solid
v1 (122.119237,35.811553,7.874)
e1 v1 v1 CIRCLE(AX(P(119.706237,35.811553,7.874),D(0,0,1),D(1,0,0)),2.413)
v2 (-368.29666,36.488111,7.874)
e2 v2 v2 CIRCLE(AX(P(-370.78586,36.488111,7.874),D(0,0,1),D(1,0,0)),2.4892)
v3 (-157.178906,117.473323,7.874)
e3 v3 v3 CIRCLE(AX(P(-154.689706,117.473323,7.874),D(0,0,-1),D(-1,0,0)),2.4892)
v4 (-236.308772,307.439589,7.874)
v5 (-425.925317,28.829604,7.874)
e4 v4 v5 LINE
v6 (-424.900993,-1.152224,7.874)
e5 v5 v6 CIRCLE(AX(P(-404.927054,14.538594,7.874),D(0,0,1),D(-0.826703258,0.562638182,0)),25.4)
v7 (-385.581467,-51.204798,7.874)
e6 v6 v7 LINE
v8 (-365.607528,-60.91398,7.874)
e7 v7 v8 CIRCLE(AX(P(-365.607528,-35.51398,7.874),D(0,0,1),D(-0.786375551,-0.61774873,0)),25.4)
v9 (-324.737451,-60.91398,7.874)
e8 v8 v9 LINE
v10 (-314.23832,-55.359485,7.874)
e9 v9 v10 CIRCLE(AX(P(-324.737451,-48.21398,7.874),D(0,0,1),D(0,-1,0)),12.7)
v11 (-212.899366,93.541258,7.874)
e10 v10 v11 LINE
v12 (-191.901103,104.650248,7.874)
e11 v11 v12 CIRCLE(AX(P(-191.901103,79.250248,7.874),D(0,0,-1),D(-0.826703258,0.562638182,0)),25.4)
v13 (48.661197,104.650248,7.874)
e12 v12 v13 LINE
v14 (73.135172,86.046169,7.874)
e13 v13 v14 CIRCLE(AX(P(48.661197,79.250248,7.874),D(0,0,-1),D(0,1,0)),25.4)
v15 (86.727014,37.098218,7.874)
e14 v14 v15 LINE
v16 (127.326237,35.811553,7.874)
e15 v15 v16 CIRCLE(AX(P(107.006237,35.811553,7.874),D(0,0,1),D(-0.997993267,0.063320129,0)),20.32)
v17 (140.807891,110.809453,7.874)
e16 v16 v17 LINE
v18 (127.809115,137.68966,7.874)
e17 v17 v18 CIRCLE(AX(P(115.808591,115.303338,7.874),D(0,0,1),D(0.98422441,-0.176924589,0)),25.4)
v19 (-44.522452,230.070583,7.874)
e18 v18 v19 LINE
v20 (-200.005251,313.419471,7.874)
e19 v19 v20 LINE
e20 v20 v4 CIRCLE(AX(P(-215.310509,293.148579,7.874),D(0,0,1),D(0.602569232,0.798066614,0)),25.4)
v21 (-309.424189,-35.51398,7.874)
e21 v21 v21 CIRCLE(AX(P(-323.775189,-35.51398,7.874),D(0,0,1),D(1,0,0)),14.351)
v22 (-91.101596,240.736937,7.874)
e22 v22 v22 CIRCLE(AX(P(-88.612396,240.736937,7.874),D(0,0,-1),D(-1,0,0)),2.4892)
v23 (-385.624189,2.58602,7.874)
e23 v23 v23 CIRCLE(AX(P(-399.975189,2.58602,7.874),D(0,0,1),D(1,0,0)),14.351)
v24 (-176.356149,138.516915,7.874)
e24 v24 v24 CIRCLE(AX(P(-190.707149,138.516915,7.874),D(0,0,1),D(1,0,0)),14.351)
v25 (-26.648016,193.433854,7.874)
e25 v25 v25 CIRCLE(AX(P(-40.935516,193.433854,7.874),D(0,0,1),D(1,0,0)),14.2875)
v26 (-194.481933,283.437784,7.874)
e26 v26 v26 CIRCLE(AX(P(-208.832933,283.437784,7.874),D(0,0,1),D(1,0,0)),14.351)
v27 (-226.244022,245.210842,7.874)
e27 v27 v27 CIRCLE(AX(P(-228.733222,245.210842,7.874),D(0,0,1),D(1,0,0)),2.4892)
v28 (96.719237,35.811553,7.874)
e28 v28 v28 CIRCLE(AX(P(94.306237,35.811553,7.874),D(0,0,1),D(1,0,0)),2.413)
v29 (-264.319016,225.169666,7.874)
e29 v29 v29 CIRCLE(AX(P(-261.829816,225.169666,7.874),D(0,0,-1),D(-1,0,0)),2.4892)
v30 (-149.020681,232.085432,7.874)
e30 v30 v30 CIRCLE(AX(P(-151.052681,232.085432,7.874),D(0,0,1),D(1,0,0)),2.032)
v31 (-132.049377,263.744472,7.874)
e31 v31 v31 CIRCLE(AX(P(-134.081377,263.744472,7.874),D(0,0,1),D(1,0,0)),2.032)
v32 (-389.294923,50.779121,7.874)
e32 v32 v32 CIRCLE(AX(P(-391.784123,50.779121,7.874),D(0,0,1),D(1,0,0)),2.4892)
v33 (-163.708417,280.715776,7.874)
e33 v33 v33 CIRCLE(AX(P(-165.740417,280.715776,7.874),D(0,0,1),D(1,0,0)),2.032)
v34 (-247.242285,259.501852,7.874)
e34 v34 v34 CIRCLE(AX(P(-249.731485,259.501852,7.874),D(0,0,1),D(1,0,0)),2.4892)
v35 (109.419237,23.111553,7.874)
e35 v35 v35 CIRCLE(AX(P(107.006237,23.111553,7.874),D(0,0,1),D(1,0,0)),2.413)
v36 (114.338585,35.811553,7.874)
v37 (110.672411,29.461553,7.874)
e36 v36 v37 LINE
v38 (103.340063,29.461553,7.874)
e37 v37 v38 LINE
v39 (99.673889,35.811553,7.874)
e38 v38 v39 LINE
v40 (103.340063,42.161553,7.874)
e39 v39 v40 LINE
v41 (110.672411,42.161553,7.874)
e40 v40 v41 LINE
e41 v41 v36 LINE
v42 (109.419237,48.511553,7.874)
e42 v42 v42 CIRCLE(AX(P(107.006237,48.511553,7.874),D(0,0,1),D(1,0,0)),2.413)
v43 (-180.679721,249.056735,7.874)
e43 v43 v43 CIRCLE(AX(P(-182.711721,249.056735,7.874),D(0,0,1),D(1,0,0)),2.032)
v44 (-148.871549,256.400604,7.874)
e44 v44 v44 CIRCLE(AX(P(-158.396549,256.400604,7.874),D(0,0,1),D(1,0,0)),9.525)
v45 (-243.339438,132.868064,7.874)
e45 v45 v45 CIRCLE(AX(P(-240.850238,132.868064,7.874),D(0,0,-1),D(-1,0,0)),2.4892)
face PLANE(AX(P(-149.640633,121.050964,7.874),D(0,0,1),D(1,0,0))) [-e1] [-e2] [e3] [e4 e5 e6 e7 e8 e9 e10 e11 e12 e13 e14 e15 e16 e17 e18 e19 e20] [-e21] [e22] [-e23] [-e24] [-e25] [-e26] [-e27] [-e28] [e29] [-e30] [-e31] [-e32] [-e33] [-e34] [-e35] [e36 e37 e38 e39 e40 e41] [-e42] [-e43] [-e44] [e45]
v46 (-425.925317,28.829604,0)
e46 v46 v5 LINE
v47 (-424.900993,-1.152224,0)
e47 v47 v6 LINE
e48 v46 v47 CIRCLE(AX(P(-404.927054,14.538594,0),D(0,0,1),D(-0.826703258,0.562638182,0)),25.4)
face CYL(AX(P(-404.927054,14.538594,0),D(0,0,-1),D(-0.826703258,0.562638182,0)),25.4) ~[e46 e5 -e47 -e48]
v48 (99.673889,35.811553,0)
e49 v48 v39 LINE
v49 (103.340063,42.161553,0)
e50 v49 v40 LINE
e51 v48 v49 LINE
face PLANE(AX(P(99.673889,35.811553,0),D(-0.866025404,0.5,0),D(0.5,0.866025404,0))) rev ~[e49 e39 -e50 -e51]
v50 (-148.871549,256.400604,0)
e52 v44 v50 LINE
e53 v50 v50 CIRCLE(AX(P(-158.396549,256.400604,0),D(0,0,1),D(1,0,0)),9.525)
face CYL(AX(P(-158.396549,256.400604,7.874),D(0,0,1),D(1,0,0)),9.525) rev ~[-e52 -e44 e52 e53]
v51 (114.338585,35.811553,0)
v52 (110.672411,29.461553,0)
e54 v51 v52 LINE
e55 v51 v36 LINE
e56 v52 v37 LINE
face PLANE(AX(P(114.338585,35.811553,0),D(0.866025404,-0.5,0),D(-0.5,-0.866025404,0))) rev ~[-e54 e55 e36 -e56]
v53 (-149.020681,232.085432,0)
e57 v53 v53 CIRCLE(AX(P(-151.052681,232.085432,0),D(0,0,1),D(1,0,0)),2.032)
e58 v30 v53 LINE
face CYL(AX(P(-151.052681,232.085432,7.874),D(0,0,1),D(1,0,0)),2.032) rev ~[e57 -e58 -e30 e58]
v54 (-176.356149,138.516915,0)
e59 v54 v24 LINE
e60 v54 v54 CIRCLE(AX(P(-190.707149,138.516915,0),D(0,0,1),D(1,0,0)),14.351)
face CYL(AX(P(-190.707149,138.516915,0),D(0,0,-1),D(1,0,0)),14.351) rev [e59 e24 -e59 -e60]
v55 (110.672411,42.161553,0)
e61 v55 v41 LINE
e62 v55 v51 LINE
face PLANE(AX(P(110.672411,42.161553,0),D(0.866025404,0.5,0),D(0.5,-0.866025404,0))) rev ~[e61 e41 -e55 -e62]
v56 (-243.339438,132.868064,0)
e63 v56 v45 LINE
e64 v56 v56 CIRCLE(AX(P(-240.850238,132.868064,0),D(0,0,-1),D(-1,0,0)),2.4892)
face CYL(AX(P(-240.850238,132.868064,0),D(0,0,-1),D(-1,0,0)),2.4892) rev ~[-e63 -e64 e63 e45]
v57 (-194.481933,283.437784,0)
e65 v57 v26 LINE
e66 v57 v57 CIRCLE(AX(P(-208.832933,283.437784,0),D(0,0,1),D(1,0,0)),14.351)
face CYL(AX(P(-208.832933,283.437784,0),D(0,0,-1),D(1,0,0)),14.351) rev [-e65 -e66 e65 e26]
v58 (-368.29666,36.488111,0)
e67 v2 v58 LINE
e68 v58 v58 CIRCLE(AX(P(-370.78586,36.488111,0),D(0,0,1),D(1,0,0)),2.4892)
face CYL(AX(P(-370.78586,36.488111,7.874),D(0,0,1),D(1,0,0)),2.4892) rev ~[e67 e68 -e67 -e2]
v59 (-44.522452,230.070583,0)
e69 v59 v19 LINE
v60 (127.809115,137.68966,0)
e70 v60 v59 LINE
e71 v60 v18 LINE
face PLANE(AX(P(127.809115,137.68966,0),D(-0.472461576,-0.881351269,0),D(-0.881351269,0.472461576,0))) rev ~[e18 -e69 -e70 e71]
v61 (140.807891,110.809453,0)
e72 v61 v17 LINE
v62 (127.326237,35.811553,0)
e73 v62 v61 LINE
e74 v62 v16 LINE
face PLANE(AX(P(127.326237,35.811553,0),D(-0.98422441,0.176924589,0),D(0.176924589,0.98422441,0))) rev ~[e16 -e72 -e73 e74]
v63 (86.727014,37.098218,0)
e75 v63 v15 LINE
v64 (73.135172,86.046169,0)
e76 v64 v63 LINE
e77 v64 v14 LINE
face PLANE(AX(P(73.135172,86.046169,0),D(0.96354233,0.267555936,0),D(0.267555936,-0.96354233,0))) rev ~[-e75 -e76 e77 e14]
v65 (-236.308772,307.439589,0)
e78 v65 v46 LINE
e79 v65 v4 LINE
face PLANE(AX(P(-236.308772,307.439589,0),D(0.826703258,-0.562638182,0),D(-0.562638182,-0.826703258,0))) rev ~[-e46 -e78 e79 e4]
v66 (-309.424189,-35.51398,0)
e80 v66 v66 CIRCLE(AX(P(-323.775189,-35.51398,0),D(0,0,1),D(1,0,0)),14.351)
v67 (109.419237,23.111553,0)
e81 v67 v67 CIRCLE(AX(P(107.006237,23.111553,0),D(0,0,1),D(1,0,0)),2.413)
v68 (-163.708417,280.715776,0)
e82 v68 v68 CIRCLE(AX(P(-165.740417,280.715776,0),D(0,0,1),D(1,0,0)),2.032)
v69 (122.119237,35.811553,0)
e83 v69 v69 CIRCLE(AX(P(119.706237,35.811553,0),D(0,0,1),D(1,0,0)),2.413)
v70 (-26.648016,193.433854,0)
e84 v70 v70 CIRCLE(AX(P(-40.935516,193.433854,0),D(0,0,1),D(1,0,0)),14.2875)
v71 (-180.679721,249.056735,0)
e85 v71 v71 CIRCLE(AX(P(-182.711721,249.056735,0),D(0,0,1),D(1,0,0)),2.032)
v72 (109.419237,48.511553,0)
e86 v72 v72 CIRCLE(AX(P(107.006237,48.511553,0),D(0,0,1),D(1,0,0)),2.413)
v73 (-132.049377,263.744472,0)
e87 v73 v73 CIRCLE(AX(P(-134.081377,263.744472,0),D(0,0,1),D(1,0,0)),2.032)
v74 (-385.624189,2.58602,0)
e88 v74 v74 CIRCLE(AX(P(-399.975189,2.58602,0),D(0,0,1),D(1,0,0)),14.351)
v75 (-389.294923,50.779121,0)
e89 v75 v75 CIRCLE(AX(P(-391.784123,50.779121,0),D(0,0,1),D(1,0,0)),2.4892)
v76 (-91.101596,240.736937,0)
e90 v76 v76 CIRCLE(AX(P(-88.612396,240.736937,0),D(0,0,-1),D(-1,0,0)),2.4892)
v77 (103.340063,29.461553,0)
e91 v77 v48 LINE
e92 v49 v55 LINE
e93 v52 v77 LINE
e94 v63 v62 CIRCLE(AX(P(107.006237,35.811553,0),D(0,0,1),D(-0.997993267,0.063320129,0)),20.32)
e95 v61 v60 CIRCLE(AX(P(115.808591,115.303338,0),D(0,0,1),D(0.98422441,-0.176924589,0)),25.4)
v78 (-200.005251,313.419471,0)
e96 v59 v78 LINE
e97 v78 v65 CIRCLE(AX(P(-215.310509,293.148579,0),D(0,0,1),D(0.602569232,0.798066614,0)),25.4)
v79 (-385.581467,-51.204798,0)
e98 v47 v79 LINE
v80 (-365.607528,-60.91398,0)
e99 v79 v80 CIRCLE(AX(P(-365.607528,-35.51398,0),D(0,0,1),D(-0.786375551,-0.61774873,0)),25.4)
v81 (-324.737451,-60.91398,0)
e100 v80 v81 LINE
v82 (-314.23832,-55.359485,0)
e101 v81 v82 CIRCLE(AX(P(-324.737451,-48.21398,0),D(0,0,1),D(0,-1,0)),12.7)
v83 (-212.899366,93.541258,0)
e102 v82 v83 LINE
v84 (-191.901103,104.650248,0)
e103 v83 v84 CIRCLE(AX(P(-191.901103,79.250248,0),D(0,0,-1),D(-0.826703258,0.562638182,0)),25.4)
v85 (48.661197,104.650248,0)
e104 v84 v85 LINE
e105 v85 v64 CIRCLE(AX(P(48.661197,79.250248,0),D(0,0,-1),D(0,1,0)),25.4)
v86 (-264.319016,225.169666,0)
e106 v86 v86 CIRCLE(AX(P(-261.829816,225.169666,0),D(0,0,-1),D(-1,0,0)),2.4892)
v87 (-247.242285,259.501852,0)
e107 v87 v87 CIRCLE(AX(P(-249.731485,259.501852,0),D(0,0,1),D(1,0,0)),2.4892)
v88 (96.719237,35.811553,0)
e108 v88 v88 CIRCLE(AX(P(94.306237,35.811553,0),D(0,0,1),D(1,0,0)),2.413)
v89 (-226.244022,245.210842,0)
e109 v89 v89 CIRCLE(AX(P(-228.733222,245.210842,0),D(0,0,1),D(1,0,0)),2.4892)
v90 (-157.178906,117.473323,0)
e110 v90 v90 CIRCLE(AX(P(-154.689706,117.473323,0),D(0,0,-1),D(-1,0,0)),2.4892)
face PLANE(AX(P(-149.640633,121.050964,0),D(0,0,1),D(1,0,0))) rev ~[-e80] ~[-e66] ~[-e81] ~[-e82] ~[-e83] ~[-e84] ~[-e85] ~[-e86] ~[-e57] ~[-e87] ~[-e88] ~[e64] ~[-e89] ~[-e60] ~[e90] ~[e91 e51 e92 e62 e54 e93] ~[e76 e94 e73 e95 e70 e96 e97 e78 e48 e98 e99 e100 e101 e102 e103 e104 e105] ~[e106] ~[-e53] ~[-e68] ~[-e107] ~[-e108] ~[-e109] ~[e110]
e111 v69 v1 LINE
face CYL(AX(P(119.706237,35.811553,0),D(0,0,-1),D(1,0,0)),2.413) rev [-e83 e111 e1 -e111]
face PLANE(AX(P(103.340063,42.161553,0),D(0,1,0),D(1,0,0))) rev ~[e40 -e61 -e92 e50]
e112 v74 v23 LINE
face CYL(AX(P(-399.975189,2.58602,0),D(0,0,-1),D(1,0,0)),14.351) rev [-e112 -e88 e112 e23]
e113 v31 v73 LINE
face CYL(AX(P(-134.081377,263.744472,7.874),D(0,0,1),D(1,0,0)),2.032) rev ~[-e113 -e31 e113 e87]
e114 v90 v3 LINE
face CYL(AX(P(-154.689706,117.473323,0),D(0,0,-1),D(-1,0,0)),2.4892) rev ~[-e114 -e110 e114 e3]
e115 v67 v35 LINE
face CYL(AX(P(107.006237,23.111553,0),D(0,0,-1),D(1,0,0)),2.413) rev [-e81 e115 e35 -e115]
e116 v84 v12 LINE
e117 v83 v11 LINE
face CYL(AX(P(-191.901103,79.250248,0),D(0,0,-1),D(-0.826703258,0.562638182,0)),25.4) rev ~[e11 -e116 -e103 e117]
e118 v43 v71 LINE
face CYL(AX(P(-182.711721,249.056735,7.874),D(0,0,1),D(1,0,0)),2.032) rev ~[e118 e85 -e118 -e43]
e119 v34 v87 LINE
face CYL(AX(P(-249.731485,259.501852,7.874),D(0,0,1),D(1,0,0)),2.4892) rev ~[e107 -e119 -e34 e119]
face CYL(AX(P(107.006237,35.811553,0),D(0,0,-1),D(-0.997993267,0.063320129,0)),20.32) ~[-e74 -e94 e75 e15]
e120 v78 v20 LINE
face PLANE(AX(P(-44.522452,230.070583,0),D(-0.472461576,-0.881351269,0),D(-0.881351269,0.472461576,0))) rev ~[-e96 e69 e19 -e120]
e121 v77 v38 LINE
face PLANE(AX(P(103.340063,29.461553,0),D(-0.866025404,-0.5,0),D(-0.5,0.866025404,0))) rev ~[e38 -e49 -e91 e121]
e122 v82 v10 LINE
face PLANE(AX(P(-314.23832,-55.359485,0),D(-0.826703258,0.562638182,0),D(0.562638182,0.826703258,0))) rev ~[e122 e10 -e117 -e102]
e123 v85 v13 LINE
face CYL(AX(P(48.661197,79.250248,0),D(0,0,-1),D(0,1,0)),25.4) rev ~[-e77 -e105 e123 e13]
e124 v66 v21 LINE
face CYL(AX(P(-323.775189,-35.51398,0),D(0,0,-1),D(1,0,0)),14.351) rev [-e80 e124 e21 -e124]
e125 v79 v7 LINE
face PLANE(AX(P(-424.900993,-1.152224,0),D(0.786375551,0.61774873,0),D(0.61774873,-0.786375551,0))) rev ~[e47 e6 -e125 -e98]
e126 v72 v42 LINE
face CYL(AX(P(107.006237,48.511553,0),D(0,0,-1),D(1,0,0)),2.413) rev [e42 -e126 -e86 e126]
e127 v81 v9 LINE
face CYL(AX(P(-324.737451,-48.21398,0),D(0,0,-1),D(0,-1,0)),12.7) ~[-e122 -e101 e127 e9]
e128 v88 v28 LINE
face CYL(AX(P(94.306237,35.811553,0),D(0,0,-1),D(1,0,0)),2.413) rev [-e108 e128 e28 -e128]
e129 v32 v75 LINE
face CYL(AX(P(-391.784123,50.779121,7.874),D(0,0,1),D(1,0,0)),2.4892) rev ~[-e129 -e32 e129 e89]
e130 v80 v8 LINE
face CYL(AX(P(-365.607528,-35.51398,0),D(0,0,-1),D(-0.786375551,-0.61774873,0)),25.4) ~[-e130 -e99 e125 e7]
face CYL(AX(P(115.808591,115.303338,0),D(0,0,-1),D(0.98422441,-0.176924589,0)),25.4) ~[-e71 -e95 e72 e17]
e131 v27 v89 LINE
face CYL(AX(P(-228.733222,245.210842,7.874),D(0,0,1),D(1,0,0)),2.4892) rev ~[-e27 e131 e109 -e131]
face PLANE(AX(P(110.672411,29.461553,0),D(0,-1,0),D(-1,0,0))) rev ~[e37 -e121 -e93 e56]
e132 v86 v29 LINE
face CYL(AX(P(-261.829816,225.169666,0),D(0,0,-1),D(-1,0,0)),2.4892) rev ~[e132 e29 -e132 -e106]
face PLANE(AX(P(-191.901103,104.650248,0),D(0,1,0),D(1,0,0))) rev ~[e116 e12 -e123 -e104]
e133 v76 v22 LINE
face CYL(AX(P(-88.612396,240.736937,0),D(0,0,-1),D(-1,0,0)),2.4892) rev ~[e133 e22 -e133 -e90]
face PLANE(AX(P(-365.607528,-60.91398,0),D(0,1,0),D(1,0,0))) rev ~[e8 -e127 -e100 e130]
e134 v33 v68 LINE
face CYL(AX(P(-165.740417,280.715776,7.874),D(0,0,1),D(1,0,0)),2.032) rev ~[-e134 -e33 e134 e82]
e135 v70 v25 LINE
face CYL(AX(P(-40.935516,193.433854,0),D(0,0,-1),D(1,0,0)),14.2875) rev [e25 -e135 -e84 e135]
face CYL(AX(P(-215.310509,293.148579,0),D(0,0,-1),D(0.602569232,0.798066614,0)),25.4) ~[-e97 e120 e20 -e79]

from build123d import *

# Parameters (mm, degrees)
MODEL_R             = 14.351
MODEL_R_2           = 2.413
MODEL_R_3           = 14.2875
BOSS_EXTRUDE1_DEPTH = 7.874
CUT_EXTRUDE3_REACH  = 9.874
SKETCH29_R          = 2.032
SKETCH29_R_2        = 9.525
CUT_EXTRUDE4_REACH  = 9.874
SKETCH34_R          = 2.4892
CUT_EXTRUDE5_REACH  = 9.874
SKETCH40_R          = 2.4892


with BuildPart() as part:
    # Model → Boss-Extrude1 (new body)
    with BuildSketch(Plane.XY):
        with BuildLine():
            Line((-44.522451968, 230.070582963), (-200.005250584, 313.419470721))
            ThreePointArc((-200.005250584, 313.419470721), (-219.438743814, 318.210854709), (-236.308771814, 307.439588539))
            Line((-236.308771814, 307.439588539), (-425.925316767, 28.829603592))
            ThreePointArc((-425.925316767, 28.829603592), (-430.312243104, 13.671313347), (-424.900993017, -1.152223962))
            Line((-424.900993017, -1.152223962), (-385.581467186, -51.204797614))
            ThreePointArc((-385.581467186, -51.204797614), (-376.711879358, -58.358090396), (-365.607528193, -60.913979882))
            Line((-365.607528193, -60.913979882), (-324.737451002, -60.913979882))
            ThreePointArc((-324.737451002, -60.913979882), (-318.798508014, -59.439796386), (-314.23831963, -55.359484793))
            Line((-314.23831963, -55.359484793), (-212.899365952, 93.541257838))
            ThreePointArc((-212.899365952, 93.541257838), (-203.778989185, 101.701881024), (-191.901103209, 104.650248016))
            Line((-191.901103209, 104.650248016), (48.661197018, 104.650248016))
            ThreePointArc((48.661197018, 104.650248016), (64.032332507, 99.471232012), (73.135172194, 86.046168785))
            Line((73.135172194, 86.046168785), (86.727013732, 37.098218434))
            ThreePointArc((86.727013732, 37.098218434), (106.362581421, 15.501750179), (127.326236921, 35.811553418))
            Line((127.326236921, 35.811553418), (140.807890588, 110.809453484))
            ThreePointArc((140.807890588, 110.809453484), (138.675228362, 126.361225539), (127.809114586, 137.689660276))
            Line((127.809114586, 137.689660276), (-44.522451968, 230.070582963))
        make_face()
        with Locations((-323.775189267, -35.513979882)):
            Circle(MODEL_R, mode=Mode.SUBTRACT)
        with Locations((-399.975189267, 2.586020118)):
            Circle(MODEL_R, mode=Mode.SUBTRACT)
        with Locations((107.006236921, 23.111553418)):
            Circle(MODEL_R_2, mode=Mode.SUBTRACT)
        with Locations((94.306236921, 35.811553418)):
            Circle(MODEL_R_2, mode=Mode.SUBTRACT)
        Polygon((110.67241113, 42.161553418), (114.33858534, 35.811553418), (110.67241113, 29.461553418), (103.340062712, 29.461553418), (99.673888502, 35.811553418), (103.340062712, 42.161553418), (107.006236921, 42.161553418), align=None, mode=Mode.SUBTRACT)
        with Locations((119.706236921, 35.811553418)):
            Circle(MODEL_R_2, mode=Mode.SUBTRACT)
        with Locations((107.006236921, 48.511553418)):
            Circle(MODEL_R_2, mode=Mode.SUBTRACT)
        with Locations((-190.707148919, 138.516914683)):
            Circle(MODEL_R, mode=Mode.SUBTRACT)
        with Locations((-208.832932893, 283.437784316)):
            Circle(MODEL_R, mode=Mode.SUBTRACT)
        with Locations((-40.935516122, 193.433854171)):
            Circle(MODEL_R_3, mode=Mode.SUBTRACT)
    extrude(amount=BOSS_EXTRUDE1_DEPTH)

    # Sketch29 → Cut-Extrude3 (cut, up to next)
    with BuildSketch(Plane.XY.offset(7.874), mode=Mode.PRIVATE) as cut_extrude3_sk1:
        with Locations((-182.711721066, 249.056735353)):
            Circle(SKETCH29_R)
    cut_extrude3_tool1 = extrude(cut_extrude3_sk1.sketch, amount=-CUT_EXTRUDE3_REACH, mode=Mode.PRIVATE) & part.part
    add(cut_extrude3_tool1.solids().sort_by_distance((-182.711721, 249.056735, 7.874))[0], mode=Mode.SUBTRACT)
    # Sketch29 → Cut-Extrude3 (cut, up to next)
    with BuildSketch(Plane.XY.offset(7.874), mode=Mode.PRIVATE) as cut_extrude3_sk2:
        with Locations((-134.081376724, 263.744472048)):
            Circle(SKETCH29_R)
    cut_extrude3_tool2 = extrude(cut_extrude3_sk2.sketch, amount=-CUT_EXTRUDE3_REACH, mode=Mode.PRIVATE) & part.part
    add(cut_extrude3_tool2.solids().sort_by_distance((-134.081377, 263.744472, 7.874))[0], mode=Mode.SUBTRACT)
    # Sketch29 → Cut-Extrude3 (cut, up to next)
    with BuildSketch(Plane.XY.offset(7.874), mode=Mode.PRIVATE) as cut_extrude3_sk3:
        with Locations((-165.740417242, 280.715775871)):
            Circle(SKETCH29_R)
    cut_extrude3_tool3 = extrude(cut_extrude3_sk3.sketch, amount=-CUT_EXTRUDE3_REACH, mode=Mode.PRIVATE) & part.part
    add(cut_extrude3_tool3.solids().sort_by_distance((-165.740417, 280.715776, 7.874))[0], mode=Mode.SUBTRACT)
    # Sketch29 → Cut-Extrude3 (cut, up to next)
    with BuildSketch(Plane.XY.offset(7.874), mode=Mode.PRIVATE) as cut_extrude3_sk4:
        with Locations((-151.052680548, 232.08543153)):
            Circle(SKETCH29_R)
    cut_extrude3_tool4 = extrude(cut_extrude3_sk4.sketch, amount=-CUT_EXTRUDE3_REACH, mode=Mode.PRIVATE) & part.part
    add(cut_extrude3_tool4.solids().sort_by_distance((-151.052681, 232.085432, 7.874))[0], mode=Mode.SUBTRACT)
    # Sketch29 → Cut-Extrude3 (cut, up to next)
    with BuildSketch(Plane.XY.offset(7.874), mode=Mode.PRIVATE) as cut_extrude3_sk5:
        with Locations((-158.396548895, 256.400603701)):
            Circle(SKETCH29_R_2)
    cut_extrude3_tool5 = extrude(cut_extrude3_sk5.sketch, amount=-CUT_EXTRUDE3_REACH, mode=Mode.PRIVATE) & part.part
    add(cut_extrude3_tool5.solids().sort_by_distance((-158.396549, 256.400604, 7.874))[0], mode=Mode.SUBTRACT)

    # Sketch34 → Cut-Extrude4 (cut, up to next)
    with BuildSketch(Plane.XY.offset(7.874), mode=Mode.PRIVATE) as cut_extrude4_sk1:
        with Locations((-228.733222311, 245.210842485)):
            Circle(SKETCH34_R)
    cut_extrude4_tool1 = extrude(cut_extrude4_sk1.sketch, amount=-CUT_EXTRUDE4_REACH, mode=Mode.PRIVATE) & part.part
    add(cut_extrude4_tool1.solids().sort_by_distance((-228.733222, 245.210842, 7.874))[0], mode=Mode.SUBTRACT)
    # Sketch34 → Cut-Extrude4 (cut, up to next)
    with BuildSketch(Plane.XY.offset(7.874), mode=Mode.PRIVATE) as cut_extrude4_sk2:
        with Locations((-249.731485055, 259.501852308)):
            Circle(SKETCH34_R)
    cut_extrude4_tool2 = extrude(cut_extrude4_sk2.sketch, amount=-CUT_EXTRUDE4_REACH, mode=Mode.PRIVATE) & part.part
    add(cut_extrude4_tool2.solids().sort_by_distance((-249.731485, 259.501852, 7.874))[0], mode=Mode.SUBTRACT)
    # Sketch34 → Cut-Extrude4 (cut, up to next)
    with BuildSketch(Plane.XY.offset(7.874), mode=Mode.PRIVATE) as cut_extrude4_sk3:
        with Locations((-391.784122689, 50.779120634)):
            Circle(SKETCH34_R)
    cut_extrude4_tool3 = extrude(cut_extrude4_sk3.sketch, amount=-CUT_EXTRUDE4_REACH, mode=Mode.PRIVATE) & part.part
    add(cut_extrude4_tool3.solids().sort_by_distance((-391.784123, 50.779121, 7.874))[0], mode=Mode.SUBTRACT)
    # Sketch34 → Cut-Extrude4 (cut, up to next)
    with BuildSketch(Plane.XY.offset(7.874), mode=Mode.PRIVATE) as cut_extrude4_sk4:
        with Locations((-370.785859945, 36.488110812)):
            Circle(SKETCH34_R)
    cut_extrude4_tool4 = extrude(cut_extrude4_sk4.sketch, amount=-CUT_EXTRUDE4_REACH, mode=Mode.PRIVATE) & part.part
    add(cut_extrude4_tool4.solids().sort_by_distance((-370.78586, 36.488111, 7.874))[0], mode=Mode.SUBTRACT)

    # Sketch40 → Cut-Extrude5 (cut, up to next)
    with BuildSketch(Plane(origin=(0, 0, 0), x_dir=(-1, 0, 0), z_dir=(0, 0, -1)), mode=Mode.PRIVATE) as cut_extrude5_sk1:
        with Locations((88.612396107, 240.73693678)):
            Circle(SKETCH40_R)
    cut_extrude5_tool1 = extrude(cut_extrude5_sk1.sketch, amount=-CUT_EXTRUDE5_REACH, mode=Mode.PRIVATE) & part.part
    add(cut_extrude5_tool1.solids().sort_by_distance((-88.612396, 240.736937, 0))[0], mode=Mode.SUBTRACT)
    # Sketch40 → Cut-Extrude5 (cut, up to next)
    with BuildSketch(Plane(origin=(0, 0, 0), x_dir=(-1, 0, 0), z_dir=(0, 0, -1)), mode=Mode.PRIVATE) as cut_extrude5_sk2:
        with Locations((154.68970629, 117.473322969)):
            Circle(SKETCH40_R)
    cut_extrude5_tool2 = extrude(cut_extrude5_sk2.sketch, amount=-CUT_EXTRUDE5_REACH, mode=Mode.PRIVATE) & part.part
    add(cut_extrude5_tool2.solids().sort_by_distance((-154.689706, 117.473323, 0))[0], mode=Mode.SUBTRACT)
    # Sketch40 → Cut-Extrude5 (cut, up to next)
    with BuildSketch(Plane(origin=(0, 0, 0), x_dir=(-1, 0, 0), z_dir=(0, 0, -1)), mode=Mode.PRIVATE) as cut_extrude5_sk3:
        with Locations((240.850237606, 132.8680637)):
            Circle(SKETCH40_R)
    cut_extrude5_tool3 = extrude(cut_extrude5_sk3.sketch, amount=-CUT_EXTRUDE5_REACH, mode=Mode.PRIVATE) & part.part
    add(cut_extrude5_tool3.solids().sort_by_distance((-240.850238, 132.868064, 0))[0], mode=Mode.SUBTRACT)
    # Sketch40 → Cut-Extrude5 (cut, up to next)
    with BuildSketch(Plane(origin=(0, 0, 0), x_dir=(-1, 0, 0), z_dir=(0, 0, -1)), mode=Mode.PRIVATE) as cut_extrude5_sk4:
        with Locations((261.829815531, 225.169665851)):
            Circle(SKETCH40_R)
    cut_extrude5_tool4 = extrude(cut_extrude5_sk4.sketch, amount=-CUT_EXTRUDE5_REACH, mode=Mode.PRIVATE) & part.part
    add(cut_extrude5_tool4.solids().sort_by_distance((-261.829816, 225.169666, 0))[0], mode=Mode.SUBTRACT)


solid = part.part
